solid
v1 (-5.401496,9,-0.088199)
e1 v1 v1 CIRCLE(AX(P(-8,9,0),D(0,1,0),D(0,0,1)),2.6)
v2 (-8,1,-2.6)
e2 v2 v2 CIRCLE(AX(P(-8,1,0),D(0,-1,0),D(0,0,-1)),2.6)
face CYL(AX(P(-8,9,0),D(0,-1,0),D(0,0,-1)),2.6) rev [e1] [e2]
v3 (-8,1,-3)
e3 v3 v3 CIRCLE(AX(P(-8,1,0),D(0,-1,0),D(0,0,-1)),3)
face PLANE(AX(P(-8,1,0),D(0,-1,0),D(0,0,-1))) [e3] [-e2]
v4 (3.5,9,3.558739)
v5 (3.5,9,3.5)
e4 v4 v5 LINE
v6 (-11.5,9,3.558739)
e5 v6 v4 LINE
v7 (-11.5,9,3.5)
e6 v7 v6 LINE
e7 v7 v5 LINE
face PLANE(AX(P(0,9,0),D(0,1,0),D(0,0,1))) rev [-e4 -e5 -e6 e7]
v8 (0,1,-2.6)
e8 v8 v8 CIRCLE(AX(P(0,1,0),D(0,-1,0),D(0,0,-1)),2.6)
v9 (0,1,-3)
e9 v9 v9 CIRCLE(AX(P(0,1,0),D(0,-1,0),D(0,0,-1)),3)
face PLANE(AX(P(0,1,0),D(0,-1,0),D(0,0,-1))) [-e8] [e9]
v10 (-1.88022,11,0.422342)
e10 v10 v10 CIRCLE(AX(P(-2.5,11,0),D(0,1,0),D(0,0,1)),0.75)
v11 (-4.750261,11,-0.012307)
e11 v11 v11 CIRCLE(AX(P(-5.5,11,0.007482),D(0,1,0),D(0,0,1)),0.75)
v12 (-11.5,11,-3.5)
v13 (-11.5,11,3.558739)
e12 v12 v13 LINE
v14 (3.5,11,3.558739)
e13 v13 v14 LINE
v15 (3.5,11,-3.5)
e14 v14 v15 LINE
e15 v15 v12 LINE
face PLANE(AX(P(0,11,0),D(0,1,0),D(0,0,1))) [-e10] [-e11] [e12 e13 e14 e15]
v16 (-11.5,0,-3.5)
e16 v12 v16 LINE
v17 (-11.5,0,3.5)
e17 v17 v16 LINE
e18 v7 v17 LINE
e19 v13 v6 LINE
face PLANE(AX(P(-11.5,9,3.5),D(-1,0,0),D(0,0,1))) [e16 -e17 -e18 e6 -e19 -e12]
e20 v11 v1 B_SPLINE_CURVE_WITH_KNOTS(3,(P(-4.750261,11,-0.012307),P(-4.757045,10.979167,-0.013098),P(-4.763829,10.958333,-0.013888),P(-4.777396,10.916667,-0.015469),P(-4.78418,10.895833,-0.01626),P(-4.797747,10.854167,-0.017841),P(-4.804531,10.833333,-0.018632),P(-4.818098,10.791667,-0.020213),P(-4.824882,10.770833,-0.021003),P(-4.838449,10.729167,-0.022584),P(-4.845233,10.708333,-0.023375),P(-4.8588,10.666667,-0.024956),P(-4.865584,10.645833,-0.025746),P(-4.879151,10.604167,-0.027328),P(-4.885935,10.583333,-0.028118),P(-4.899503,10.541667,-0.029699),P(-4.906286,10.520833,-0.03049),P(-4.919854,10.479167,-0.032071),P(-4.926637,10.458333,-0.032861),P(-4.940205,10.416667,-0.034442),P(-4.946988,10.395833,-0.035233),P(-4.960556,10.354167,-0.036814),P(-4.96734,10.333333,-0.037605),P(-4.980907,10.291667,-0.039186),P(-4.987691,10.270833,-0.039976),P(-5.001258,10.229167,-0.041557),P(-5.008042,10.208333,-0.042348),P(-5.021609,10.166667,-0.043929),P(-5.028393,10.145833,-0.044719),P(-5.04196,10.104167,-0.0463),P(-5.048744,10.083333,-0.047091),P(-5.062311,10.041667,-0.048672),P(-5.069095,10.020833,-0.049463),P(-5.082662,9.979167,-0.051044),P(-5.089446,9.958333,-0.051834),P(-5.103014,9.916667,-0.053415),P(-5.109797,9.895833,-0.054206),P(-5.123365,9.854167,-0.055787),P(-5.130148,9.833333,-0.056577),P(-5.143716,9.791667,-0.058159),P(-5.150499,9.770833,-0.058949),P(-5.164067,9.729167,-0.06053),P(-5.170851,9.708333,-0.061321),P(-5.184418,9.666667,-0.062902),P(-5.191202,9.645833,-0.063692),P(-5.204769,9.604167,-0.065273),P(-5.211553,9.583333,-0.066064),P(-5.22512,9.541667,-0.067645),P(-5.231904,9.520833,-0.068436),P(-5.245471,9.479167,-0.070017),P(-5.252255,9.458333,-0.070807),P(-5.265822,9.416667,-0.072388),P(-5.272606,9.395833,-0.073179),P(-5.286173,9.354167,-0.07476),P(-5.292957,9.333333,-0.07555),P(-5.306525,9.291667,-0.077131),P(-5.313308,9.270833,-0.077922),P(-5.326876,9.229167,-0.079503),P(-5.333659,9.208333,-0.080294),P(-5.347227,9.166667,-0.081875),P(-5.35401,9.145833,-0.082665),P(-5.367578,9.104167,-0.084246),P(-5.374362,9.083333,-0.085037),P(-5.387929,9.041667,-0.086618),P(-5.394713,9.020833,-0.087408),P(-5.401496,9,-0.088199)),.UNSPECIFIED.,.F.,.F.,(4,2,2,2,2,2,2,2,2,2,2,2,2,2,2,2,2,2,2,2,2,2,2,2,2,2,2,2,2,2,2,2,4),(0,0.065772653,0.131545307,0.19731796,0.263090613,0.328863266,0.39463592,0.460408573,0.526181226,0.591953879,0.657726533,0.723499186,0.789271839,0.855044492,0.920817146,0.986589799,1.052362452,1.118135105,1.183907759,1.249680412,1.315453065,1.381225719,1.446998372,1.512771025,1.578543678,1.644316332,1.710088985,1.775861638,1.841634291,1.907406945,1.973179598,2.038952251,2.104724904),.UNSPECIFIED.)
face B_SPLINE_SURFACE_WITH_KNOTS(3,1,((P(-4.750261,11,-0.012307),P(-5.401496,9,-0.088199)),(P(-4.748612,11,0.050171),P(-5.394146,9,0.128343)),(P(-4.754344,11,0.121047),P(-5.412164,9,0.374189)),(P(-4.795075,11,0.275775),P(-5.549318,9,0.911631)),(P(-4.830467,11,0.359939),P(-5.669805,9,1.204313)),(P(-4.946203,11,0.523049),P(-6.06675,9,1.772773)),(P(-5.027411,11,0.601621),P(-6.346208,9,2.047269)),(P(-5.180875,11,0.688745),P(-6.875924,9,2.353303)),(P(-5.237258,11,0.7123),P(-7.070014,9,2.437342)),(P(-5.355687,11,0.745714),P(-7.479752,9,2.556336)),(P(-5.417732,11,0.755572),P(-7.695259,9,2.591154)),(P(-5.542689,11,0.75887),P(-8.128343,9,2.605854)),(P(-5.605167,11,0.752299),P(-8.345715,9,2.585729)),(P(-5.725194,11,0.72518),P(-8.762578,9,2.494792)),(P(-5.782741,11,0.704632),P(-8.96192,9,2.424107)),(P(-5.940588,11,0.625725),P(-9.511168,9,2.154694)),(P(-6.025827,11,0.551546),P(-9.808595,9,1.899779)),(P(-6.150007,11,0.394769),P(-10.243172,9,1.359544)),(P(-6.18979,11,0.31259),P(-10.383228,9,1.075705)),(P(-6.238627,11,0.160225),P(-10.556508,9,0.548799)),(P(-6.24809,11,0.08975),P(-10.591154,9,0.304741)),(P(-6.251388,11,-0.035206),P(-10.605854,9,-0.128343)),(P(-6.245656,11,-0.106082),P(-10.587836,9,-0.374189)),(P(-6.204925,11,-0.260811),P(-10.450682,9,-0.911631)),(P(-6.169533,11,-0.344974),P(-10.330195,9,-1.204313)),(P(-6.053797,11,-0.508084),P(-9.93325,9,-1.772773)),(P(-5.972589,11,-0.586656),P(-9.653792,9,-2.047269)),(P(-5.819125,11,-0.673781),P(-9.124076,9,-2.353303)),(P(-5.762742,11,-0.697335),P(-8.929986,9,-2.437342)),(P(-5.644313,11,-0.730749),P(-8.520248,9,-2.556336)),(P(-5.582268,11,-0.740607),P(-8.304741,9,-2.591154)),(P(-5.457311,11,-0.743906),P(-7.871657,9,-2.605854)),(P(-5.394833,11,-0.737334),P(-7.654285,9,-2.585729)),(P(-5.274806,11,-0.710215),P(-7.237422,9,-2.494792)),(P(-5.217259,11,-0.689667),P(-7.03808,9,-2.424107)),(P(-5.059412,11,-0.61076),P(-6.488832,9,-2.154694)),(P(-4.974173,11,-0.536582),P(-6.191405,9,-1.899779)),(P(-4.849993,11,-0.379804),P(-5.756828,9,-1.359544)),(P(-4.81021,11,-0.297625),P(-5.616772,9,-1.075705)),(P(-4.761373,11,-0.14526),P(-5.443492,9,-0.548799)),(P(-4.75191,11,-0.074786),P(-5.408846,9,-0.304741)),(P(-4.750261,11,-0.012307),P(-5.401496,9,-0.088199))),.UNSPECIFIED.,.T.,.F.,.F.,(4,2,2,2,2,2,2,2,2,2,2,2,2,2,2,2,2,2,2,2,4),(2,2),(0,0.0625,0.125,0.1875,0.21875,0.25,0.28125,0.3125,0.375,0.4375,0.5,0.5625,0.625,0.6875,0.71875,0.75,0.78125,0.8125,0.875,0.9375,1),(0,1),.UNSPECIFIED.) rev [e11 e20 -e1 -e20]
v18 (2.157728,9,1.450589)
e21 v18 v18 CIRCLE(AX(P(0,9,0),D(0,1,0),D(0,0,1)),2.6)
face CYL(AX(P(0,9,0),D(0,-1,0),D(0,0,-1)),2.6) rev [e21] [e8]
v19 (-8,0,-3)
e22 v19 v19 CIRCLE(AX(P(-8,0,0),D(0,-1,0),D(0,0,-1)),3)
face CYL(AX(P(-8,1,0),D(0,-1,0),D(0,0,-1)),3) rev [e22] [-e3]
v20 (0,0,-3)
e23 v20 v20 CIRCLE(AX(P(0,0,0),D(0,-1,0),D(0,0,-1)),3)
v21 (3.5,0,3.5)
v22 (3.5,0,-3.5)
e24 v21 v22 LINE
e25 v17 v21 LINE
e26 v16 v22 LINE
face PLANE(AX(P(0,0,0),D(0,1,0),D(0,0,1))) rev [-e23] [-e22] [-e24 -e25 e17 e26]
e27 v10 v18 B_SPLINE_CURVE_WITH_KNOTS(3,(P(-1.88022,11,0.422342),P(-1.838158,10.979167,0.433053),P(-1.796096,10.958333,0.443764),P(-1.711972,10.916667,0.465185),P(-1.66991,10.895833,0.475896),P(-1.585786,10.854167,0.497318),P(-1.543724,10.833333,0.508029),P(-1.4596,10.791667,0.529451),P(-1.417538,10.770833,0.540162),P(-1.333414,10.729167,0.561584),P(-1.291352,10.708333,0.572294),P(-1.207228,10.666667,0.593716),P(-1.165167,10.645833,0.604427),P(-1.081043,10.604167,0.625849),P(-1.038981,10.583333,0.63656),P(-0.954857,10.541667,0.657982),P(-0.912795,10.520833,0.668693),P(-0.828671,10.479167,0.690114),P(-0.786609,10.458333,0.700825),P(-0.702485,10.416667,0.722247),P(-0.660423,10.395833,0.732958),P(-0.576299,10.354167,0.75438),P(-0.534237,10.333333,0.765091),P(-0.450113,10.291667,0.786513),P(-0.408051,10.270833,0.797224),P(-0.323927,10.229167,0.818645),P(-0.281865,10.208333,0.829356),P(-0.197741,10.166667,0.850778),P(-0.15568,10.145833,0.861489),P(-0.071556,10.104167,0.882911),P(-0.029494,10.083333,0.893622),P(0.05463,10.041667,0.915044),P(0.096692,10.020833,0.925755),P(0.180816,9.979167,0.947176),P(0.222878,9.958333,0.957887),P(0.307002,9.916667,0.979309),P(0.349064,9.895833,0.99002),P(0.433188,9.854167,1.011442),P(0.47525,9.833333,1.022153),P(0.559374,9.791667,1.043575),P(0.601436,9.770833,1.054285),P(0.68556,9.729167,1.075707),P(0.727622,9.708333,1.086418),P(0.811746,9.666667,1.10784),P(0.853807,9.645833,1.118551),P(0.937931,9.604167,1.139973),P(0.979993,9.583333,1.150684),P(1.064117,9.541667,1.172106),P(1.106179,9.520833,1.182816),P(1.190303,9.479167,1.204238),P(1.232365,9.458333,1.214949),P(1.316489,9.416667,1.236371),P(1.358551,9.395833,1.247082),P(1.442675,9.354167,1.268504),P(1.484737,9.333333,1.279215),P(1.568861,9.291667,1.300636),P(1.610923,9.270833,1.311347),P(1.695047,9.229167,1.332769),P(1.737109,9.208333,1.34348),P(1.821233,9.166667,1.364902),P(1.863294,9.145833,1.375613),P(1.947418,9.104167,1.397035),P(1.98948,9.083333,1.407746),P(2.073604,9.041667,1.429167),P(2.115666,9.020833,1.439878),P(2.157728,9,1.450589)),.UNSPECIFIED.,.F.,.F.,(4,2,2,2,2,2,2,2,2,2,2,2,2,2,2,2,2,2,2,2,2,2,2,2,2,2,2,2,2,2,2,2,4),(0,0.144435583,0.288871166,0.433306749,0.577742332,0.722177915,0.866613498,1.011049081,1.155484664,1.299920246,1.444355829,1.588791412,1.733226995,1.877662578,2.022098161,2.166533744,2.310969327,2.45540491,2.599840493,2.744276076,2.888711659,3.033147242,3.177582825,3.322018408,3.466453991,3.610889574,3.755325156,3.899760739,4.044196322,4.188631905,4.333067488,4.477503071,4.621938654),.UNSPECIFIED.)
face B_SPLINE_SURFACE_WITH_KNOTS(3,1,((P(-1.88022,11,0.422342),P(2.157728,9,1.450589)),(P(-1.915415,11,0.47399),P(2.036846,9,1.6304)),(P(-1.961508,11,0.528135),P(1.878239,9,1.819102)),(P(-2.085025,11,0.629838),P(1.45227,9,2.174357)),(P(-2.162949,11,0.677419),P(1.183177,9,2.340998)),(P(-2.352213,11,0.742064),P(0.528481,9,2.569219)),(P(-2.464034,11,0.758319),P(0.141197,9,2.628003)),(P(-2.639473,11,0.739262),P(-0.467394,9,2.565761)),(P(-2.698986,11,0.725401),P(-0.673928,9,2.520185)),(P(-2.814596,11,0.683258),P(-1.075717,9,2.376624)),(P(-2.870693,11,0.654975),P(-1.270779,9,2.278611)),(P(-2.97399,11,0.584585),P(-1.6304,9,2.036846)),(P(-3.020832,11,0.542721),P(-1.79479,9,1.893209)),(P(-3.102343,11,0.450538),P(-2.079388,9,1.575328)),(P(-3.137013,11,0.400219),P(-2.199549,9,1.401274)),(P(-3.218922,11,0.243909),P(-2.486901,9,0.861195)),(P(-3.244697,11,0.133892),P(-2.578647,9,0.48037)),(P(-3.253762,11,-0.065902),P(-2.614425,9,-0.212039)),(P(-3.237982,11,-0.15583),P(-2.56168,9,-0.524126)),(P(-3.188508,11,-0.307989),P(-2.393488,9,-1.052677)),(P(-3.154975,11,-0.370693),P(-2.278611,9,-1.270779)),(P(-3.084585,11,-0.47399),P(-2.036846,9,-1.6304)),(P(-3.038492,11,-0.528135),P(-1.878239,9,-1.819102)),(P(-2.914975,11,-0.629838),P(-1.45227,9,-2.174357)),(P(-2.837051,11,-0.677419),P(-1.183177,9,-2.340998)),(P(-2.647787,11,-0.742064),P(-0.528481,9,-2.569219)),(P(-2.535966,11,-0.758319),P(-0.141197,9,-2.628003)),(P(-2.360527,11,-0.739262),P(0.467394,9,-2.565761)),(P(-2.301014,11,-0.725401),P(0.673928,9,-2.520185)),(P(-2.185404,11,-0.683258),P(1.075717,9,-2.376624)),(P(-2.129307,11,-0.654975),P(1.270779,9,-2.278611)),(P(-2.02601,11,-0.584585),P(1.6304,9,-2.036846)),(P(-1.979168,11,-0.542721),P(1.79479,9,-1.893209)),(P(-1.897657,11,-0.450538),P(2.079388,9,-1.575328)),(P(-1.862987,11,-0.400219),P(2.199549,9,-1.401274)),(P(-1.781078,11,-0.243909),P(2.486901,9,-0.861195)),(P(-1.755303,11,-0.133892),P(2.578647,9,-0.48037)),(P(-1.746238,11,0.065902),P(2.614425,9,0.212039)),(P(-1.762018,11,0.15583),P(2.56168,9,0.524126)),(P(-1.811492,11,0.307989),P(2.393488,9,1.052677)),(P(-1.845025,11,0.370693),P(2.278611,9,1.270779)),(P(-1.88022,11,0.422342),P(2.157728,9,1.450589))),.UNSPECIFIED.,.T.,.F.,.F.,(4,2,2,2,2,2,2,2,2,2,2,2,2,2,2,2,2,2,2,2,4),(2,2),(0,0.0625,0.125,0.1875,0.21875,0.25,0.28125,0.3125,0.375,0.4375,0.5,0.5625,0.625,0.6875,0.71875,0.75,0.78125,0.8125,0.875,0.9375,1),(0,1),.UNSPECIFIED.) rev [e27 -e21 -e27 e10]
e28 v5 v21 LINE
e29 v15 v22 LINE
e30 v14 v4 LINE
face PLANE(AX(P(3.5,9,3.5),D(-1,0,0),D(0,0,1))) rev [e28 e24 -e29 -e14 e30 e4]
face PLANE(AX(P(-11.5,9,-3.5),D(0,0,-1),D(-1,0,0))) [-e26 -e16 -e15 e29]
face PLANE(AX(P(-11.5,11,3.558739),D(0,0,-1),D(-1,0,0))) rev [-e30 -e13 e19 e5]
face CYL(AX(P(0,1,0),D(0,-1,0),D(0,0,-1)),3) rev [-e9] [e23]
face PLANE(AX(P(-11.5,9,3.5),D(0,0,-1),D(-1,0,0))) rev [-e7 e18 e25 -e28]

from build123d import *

# Parameters (mm, degrees)
CROQUIS1_W              = 15
CROQUIS1_H              = 7
CROQUIS1_R              = 2.6
SALIENTE_EXTRUIR1_DEPTH = 9
CROQUIS2_R              = 3
CORTAR_EXTRUIR1_DEPTH   = 1
CROQUIS3_W              = 15
CROQUIS3_H              = 7.058739116
SALIENTE_EXTRUIR2_DEPTH = 2
CROQUIS4_R              = 0.75
CROQUIS9_R              = 0.75


with BuildPart() as part:
    # Croquis1 → Saliente-Extruir1 (new body)
    with BuildSketch(Plane(origin=(0, 0, 0), x_dir=(1, 0, 0), z_dir=(0, 1, 0))):
        with Locations((-4, 0)):
            Rectangle(CROQUIS1_W, CROQUIS1_H)
        Circle(CROQUIS1_R, mode=Mode.SUBTRACT)
        with Locations((-8, 0)):
            Circle(CROQUIS1_R, mode=Mode.SUBTRACT)
    extrude(amount=SALIENTE_EXTRUIR1_DEPTH)

    # Croquis2 → Cortar-Extruir1 (cut)
    with BuildSketch(Plane.XZ):
        Circle(CROQUIS2_R)
        with Locations((-8, 0)):
            Circle(CROQUIS2_R)
    extrude(amount=-CORTAR_EXTRUIR1_DEPTH, mode=Mode.SUBTRACT)

    # Croquis3 → Saliente-Extruir2 (add)
    with BuildSketch(Plane(origin=(0, 9, 0), x_dir=(1, 0, 0), z_dir=(0, 1, 0))):
        with Locations((-4, -0.029369558)):
            Rectangle(CROQUIS3_W, CROQUIS3_H)
    extrude(amount=SALIENTE_EXTRUIR2_DEPTH)

    # Croquis4 → section 0 of cortar_recubrir3
    with BuildSketch(Plane(origin=(0, 11, 0), x_dir=(1, 0, 0), z_dir=(0, 1, 0)), mode=Mode.PRIVATE) as cortar_recubrir3_s0:
        with Locations((-5.5, -0.007482418)):
            Circle(CROQUIS4_R)
    # loft up to a face of the part (cortar_recubrir3)
    loft([cortar_recubrir3_s0.sketch, part.faces().sort_by_distance((-8, 9, 0))[0]], mode=Mode.SUBTRACT)

    # Croquis9 → section 0 of cortar_recubrir4
    with BuildSketch(Plane(origin=(0, 11, 0), x_dir=(1, 0, 0), z_dir=(0, 1, 0)), mode=Mode.PRIVATE) as cortar_recubrir4_s0:
        with Locations((-2.5, 0)):
            Circle(CROQUIS9_R)
    # loft up to a face of the part (cortar_recubrir4)
    loft([cortar_recubrir4_s0.sketch, part.faces().sort_by_distance((0, 9, 0))[0]], mode=Mode.SUBTRACT)


solid = part.part
